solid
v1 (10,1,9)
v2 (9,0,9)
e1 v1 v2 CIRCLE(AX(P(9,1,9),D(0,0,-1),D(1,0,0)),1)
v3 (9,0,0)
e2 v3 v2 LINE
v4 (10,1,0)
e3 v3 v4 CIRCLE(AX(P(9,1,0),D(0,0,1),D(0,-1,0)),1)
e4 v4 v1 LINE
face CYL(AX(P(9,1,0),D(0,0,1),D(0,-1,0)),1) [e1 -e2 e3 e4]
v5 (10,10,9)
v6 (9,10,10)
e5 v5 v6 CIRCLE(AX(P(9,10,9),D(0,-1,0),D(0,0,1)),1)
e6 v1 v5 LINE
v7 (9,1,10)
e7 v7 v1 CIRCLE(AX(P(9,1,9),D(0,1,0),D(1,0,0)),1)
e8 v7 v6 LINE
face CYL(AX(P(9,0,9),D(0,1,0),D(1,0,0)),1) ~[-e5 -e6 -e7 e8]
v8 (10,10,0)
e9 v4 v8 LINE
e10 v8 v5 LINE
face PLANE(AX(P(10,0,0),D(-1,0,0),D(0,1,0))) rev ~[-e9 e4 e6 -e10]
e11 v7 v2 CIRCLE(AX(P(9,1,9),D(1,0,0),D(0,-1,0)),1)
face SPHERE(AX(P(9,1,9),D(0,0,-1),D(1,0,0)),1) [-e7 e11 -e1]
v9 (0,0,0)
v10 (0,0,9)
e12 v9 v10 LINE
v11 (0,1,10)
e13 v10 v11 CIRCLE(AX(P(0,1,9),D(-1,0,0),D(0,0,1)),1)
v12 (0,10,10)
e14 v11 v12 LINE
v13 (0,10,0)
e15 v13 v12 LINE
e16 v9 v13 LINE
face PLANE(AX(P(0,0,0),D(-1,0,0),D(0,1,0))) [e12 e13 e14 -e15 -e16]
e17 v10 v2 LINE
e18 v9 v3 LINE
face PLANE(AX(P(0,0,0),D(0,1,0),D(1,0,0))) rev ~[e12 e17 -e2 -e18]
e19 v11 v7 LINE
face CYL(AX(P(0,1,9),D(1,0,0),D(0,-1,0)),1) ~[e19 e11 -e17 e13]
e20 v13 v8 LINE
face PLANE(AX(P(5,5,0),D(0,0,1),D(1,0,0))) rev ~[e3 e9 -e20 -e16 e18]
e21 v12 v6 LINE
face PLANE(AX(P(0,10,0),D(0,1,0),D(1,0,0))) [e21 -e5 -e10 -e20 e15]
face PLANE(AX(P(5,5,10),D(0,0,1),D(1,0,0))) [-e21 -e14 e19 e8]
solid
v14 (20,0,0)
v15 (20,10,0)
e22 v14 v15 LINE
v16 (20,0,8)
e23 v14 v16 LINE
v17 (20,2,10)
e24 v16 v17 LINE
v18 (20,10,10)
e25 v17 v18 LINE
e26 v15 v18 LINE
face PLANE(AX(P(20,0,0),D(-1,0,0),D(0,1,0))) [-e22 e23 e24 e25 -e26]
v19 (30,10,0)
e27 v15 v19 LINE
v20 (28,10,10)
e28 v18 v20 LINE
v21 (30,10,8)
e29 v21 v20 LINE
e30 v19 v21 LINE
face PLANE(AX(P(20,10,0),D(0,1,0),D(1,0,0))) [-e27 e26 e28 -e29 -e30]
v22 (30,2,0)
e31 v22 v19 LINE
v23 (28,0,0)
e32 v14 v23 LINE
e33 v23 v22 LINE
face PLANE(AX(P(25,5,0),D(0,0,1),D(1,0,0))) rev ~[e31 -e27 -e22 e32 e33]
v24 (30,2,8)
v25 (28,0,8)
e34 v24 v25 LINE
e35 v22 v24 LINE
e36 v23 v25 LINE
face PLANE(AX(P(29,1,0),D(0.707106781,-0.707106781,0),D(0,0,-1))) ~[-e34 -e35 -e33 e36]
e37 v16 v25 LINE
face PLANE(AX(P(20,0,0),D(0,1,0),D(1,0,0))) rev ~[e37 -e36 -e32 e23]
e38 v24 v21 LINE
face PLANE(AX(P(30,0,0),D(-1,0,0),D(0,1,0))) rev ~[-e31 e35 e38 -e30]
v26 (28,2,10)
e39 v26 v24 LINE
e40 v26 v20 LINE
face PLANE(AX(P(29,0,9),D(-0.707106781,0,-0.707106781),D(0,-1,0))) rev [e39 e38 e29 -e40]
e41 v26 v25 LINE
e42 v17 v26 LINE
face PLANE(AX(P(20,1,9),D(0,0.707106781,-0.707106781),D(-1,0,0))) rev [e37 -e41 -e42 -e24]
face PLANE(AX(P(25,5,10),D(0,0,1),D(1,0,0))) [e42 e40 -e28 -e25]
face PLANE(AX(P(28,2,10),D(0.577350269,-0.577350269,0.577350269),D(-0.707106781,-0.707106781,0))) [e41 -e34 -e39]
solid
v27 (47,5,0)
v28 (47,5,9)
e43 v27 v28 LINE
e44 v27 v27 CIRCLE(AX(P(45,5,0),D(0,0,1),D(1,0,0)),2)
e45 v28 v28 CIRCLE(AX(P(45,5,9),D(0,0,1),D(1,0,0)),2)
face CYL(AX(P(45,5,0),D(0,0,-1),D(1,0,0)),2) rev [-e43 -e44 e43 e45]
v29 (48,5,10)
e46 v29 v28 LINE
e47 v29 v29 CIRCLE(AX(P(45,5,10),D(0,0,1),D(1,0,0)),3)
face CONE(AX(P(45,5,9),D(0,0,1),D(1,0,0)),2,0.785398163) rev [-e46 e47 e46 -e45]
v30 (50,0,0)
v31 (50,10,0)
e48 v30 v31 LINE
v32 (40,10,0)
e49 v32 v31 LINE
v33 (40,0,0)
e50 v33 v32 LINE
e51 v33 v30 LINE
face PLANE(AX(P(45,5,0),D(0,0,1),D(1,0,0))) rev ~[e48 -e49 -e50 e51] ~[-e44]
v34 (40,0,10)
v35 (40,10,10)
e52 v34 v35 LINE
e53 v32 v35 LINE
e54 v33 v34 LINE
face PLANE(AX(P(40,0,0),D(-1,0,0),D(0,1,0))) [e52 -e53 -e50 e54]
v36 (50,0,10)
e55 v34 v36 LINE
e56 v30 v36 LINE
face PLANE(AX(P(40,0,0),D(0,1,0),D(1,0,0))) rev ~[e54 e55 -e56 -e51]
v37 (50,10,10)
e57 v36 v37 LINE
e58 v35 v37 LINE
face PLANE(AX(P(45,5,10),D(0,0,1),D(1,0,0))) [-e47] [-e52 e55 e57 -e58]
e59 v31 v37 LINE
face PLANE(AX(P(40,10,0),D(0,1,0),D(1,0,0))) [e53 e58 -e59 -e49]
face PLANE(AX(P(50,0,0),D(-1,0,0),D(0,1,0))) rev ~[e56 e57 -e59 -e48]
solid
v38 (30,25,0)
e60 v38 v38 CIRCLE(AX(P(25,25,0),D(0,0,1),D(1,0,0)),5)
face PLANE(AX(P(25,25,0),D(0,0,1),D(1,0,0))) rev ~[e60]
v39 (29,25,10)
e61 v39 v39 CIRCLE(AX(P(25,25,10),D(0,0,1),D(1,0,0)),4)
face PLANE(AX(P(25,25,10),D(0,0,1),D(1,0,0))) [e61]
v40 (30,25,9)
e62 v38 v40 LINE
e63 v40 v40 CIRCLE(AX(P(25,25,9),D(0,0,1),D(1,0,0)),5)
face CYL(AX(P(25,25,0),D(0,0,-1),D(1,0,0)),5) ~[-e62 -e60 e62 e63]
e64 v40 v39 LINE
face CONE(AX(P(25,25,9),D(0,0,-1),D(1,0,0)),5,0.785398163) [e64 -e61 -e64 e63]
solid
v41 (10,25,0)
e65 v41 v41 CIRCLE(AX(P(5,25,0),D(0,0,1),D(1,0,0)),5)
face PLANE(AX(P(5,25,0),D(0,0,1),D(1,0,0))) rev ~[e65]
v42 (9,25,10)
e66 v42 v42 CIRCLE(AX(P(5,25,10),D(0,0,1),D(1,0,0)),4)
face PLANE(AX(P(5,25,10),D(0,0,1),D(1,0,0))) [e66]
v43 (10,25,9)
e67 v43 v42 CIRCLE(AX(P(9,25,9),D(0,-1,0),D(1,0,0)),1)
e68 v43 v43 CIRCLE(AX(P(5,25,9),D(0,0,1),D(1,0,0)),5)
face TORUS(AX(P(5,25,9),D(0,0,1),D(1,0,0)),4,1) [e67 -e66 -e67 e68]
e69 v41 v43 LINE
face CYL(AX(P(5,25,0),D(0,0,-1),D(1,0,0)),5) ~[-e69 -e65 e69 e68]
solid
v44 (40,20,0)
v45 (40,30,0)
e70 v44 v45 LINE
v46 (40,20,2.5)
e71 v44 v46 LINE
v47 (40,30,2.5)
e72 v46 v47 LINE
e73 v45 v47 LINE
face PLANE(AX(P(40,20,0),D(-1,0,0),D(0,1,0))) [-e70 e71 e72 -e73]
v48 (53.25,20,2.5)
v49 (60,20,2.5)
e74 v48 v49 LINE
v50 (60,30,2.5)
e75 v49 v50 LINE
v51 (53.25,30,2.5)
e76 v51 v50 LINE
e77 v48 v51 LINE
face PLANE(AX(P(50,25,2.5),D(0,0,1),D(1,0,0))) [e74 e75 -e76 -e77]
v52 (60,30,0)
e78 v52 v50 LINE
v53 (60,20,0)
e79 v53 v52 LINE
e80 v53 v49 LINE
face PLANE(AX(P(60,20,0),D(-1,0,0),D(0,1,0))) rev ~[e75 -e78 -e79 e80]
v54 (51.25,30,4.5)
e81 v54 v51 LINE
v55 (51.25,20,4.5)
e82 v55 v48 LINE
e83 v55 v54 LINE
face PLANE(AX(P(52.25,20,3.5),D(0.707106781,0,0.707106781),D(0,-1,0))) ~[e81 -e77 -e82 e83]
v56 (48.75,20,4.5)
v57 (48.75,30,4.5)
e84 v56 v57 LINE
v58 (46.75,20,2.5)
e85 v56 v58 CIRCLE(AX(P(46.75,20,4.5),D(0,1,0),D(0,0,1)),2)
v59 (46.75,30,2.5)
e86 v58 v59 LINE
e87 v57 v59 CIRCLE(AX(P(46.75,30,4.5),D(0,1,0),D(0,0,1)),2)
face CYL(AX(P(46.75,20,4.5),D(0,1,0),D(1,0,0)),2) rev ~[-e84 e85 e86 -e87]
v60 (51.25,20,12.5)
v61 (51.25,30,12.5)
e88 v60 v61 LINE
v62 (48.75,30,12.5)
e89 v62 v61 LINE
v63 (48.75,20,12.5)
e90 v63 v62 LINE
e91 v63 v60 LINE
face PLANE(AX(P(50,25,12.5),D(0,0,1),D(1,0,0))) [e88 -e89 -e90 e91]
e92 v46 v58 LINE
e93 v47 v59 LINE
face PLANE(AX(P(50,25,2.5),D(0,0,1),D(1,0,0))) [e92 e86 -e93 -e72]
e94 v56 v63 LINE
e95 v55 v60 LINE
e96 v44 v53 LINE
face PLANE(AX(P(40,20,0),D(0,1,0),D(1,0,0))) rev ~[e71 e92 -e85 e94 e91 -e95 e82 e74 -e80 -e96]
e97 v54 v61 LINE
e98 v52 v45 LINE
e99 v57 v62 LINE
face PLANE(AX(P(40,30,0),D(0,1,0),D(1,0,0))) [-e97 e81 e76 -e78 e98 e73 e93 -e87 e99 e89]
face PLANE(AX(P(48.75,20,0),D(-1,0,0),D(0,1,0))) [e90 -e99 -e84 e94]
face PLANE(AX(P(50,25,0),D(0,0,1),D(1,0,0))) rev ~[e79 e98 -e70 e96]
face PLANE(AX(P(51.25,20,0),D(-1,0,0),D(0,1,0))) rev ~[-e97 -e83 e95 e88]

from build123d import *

# Parameters (mm, degrees)
BOX_W             = 10
BOX_H             = 10
BOX_DEPTH         = 10
FILLET_R          = 1
BOX001_W          = 10
BOX001_H          = 10
BOX001_DEPTH      = 10
CHAMFER_SIZE      = 2
CYLINDER_R        = 2
CYLINDER_DEPTH    = 10
BOX002_W          = 10
BOX002_H          = 10
BOX002_DEPTH      = 10
CHAMFER001_SIZE   = 1
CYLINDER001_R     = 5
CYLINDER001_DEPTH = 10
FILLET001_R       = 1
CYLINDER002_R     = 5
CYLINDER002_DEPTH = 10
CHAMFER002_SIZE   = 1
BOX003_W          = 20
BOX003_H          = 10
BOX003_DEPTH      = 2.5
BOX004_W          = 2.5
BOX004_H          = 10
BOX004_DEPTH      = 12.5
CHAMFER003_SIZE   = 2
FILLET002_R       = 2


with BuildPart() as fillet_body:
    # Box → Box (new body)
    with BuildSketch(Plane.XY):
        with Locations((5, 5)):
            Rectangle(BOX_W, BOX_H)
    extrude(amount=BOX_DEPTH)

    # Fillet
    fillet_edges = [fillet_body.edges().sort_by_distance(p)[0] for p in [
        (10, 0, 5),
        (10, 5, 10),
        (5, 0, 10),
    ]]
    fillet(fillet_edges, radius=FILLET_R)


with BuildPart() as chamfer_body:
    # Box001 → Box001 (new body)
    with BuildSketch(Plane(origin=(20, 0, 0), x_dir=(1, 0, 0), z_dir=(0, 0, 1))):
        with Locations((5, 5)):
            Rectangle(BOX001_W, BOX001_H)
    extrude(amount=BOX001_DEPTH)

    # Chamfer
    chamfer_edges = [chamfer_body.edges().sort_by_distance(p)[0] for p in [
        (30, 0, 5),
        (30, 5, 10),
        (25, 0, 10),
    ]]
    chamfer(chamfer_edges, length=CHAMFER_SIZE)


with BuildPart() as cylinder:
    # Cylinder → Cylinder (new body)
    with BuildSketch(Plane(origin=(45, 5, 0), x_dir=(1, 0, 0), z_dir=(0, 0, 1))):
        Circle(CYLINDER_R)
    extrude(amount=CYLINDER_DEPTH)


with BuildPart() as chamfer001:
    # Box002 → Box002 (new body)
    with BuildSketch(Plane(origin=(40, 0, 0), x_dir=(1, 0, 0), z_dir=(0, 0, 1))):
        with Locations((5, 5)):
            Rectangle(BOX002_W, BOX002_H)
    extrude(amount=BOX002_DEPTH)

    # Cut: cut Cylinder
    add(cylinder.part, mode=Mode.SUBTRACT)

    # Chamfer001
    chamfer001_edges = [chamfer001.edges().sort_by_distance(p)[0] for p in [
        (43, 5, 10),
    ]]
    chamfer(chamfer001_edges, length=CHAMFER001_SIZE)


with BuildPart() as fillet001:
    # Cylinder001 → Cylinder001 (new body)
    with BuildSketch(Plane(origin=(5, 25, 0), x_dir=(1, 0, 0), z_dir=(0, 0, 1))):
        Circle(CYLINDER001_R)
    extrude(amount=CYLINDER001_DEPTH)

    # Fillet001
    fillet001_edges = [fillet001.edges().sort_by_distance(p)[0] for p in [
        (0, 25, 10),
    ]]
    fillet(fillet001_edges, radius=FILLET001_R)


with BuildPart() as chamfer002:
    # Cylinder002 → Cylinder002 (new body)
    with BuildSketch(Plane(origin=(25, 25, 0), x_dir=(1, 0, 0), z_dir=(0, 0, 1))):
        Circle(CYLINDER002_R)
    extrude(amount=CYLINDER002_DEPTH)

    # Chamfer002
    chamfer002_edges = [chamfer002.edges().sort_by_distance(p)[0] for p in [
        (20, 25, 10),
    ]]
    chamfer(chamfer002_edges, length=CHAMFER002_SIZE)


with BuildPart() as cube003:
    # Box003 → Box003 (new body)
    with BuildSketch(Plane(origin=(40, 20, 0), x_dir=(1, 0, 0), z_dir=(0, 0, 1))):
        with Locations((10, 5)):
            Rectangle(BOX003_W, BOX003_H)
    extrude(amount=BOX003_DEPTH)


with BuildPart() as fillet002:
    # Box004 → Box004 (new body)
    with BuildSketch(Plane(origin=(48.75, 20, 0), x_dir=(1, 0, 0), z_dir=(0, 0, 1))):
        with Locations((1.25, 5)):
            Rectangle(BOX004_W, BOX004_H)
    extrude(amount=BOX004_DEPTH)

    # Fusion: union Cube003
    add(cube003.part)

    # Chamfer003
    chamfer003_edges = [fillet002.edges().sort_by_distance(p)[0] for p in [
        (51.25, 25, 2.5),
    ]]
    chamfer(chamfer003_edges, length=CHAMFER003_SIZE)

    # Fillet002
    fillet002_edges = [fillet002.edges().sort_by_distance(p)[0] for p in [
        (48.75, 25, 2.5),
    ]]
    fillet(fillet002_edges, radius=FILLET002_R)


solid = Compound([fillet_body.part, chamfer_body.part, chamfer001.part, fillet001.part, chamfer002.part, fillet002.part])
